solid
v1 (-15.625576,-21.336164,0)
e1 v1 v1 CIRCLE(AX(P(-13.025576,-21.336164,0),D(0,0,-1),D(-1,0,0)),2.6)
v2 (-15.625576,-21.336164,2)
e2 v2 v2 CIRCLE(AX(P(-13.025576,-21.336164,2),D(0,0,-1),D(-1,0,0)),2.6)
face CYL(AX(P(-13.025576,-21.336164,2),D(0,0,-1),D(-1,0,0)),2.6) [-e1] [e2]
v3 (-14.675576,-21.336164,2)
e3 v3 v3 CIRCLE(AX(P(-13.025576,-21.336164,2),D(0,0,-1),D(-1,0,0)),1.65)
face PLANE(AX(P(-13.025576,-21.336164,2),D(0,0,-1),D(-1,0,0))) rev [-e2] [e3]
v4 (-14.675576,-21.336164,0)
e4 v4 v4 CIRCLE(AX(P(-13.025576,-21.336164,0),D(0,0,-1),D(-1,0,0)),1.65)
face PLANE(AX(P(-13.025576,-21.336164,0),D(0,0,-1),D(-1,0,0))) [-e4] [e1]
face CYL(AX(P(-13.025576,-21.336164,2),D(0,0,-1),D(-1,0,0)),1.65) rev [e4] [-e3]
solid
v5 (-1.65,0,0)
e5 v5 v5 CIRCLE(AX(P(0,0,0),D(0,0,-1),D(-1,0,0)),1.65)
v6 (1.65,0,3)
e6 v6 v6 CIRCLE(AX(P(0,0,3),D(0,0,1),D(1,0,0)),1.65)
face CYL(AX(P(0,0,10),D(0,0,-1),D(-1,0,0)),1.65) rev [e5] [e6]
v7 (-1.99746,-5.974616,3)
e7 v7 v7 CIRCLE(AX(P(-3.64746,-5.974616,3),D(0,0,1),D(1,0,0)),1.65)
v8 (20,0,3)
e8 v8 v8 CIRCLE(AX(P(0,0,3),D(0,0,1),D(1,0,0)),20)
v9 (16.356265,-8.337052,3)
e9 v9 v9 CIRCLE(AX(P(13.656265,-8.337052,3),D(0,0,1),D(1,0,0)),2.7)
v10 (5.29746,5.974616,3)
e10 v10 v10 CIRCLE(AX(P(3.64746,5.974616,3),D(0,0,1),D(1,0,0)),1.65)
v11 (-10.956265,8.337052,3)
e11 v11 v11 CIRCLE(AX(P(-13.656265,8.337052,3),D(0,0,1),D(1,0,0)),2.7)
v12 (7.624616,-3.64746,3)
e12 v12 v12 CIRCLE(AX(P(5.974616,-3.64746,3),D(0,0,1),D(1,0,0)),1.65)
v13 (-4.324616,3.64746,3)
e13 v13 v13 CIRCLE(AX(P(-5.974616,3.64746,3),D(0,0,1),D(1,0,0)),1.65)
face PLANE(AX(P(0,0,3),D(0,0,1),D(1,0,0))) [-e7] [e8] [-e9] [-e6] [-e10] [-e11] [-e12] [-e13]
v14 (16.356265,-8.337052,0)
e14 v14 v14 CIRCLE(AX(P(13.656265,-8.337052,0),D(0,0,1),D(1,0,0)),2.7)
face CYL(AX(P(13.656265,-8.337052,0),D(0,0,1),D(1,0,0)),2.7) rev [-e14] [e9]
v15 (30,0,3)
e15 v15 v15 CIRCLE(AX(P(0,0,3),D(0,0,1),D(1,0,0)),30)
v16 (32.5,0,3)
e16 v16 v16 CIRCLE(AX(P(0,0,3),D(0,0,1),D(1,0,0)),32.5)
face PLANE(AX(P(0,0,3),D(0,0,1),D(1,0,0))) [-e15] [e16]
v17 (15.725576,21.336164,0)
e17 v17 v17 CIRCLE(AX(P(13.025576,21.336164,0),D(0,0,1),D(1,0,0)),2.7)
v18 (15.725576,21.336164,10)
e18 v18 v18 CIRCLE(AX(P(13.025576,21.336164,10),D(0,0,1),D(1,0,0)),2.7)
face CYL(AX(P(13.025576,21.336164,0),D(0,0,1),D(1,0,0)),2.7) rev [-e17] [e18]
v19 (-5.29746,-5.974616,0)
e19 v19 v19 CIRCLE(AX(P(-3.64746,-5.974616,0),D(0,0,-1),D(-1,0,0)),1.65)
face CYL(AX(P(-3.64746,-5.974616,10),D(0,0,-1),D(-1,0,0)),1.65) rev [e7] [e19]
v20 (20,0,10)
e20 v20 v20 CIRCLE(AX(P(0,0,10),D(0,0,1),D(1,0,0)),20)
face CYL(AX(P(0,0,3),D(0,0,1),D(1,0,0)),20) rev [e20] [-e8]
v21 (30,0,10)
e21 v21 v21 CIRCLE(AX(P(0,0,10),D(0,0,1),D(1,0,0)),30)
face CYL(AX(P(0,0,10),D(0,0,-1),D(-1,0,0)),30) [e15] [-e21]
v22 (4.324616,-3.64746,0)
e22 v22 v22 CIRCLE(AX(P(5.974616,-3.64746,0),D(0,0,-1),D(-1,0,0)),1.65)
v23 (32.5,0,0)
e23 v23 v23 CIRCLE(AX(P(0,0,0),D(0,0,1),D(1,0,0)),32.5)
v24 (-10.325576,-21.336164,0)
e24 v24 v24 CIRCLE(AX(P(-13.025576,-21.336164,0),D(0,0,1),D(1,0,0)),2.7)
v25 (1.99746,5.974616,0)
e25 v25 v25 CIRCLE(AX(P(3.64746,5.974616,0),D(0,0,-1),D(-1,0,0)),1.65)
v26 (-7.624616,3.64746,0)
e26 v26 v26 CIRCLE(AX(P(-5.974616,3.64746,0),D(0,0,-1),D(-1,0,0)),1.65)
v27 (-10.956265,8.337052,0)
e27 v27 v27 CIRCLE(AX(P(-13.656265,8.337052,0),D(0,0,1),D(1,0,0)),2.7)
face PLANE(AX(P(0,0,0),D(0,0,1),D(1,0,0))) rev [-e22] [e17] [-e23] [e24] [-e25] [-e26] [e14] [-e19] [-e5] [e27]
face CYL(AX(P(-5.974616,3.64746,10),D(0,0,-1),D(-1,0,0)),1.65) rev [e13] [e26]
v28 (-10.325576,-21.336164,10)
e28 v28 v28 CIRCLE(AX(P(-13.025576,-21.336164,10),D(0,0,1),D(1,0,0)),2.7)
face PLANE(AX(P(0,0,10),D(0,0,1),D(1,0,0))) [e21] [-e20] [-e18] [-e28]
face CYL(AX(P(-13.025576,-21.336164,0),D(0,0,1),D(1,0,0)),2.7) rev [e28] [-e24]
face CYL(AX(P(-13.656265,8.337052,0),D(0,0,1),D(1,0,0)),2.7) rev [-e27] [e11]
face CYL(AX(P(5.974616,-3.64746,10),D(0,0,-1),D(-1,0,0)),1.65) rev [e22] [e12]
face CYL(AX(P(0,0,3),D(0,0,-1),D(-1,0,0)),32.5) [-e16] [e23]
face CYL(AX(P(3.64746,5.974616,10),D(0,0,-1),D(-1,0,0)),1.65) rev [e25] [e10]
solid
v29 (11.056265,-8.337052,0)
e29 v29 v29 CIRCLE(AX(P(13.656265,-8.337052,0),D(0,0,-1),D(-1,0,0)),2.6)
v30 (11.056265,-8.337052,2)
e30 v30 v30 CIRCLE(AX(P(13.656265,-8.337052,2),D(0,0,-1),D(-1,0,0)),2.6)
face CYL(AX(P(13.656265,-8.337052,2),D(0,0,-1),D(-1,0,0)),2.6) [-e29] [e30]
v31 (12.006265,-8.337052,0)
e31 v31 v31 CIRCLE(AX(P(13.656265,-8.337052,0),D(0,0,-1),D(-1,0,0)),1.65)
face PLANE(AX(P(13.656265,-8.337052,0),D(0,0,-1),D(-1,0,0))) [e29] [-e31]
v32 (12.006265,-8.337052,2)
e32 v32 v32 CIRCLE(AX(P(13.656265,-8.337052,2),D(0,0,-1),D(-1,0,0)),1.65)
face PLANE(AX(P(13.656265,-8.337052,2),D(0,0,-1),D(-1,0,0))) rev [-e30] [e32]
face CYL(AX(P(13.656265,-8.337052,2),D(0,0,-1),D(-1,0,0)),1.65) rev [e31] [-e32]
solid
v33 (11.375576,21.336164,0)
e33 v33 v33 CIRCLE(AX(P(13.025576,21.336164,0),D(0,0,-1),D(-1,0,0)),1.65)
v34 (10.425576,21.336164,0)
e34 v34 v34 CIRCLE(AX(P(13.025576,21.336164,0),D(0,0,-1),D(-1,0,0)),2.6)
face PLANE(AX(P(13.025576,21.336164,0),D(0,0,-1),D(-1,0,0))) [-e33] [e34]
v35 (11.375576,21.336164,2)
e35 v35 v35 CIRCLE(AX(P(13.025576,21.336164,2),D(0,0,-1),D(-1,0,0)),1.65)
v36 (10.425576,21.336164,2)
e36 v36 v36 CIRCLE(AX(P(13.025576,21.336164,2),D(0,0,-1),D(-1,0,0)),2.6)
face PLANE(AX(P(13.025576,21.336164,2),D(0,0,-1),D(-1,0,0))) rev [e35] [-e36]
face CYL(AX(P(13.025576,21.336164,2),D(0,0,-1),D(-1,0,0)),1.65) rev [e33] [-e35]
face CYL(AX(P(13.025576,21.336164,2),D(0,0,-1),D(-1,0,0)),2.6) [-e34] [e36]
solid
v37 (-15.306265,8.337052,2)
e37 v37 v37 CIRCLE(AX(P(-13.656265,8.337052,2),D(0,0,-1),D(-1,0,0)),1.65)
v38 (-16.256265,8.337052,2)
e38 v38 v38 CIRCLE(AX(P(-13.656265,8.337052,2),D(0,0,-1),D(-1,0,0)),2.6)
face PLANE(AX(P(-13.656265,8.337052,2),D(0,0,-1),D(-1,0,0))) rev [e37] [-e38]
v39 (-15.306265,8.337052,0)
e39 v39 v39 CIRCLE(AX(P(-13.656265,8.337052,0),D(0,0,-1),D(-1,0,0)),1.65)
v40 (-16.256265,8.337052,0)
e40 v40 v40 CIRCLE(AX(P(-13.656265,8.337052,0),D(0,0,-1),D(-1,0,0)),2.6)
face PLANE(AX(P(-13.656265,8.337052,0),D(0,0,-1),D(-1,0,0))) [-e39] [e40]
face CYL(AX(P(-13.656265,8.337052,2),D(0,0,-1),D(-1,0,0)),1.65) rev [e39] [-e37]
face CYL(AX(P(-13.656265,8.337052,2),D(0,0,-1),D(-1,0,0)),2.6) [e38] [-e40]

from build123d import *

# Parameters (mm, degrees)
SKETCH_1_R          = 32.5
EXTRUDE_1_DEPTH     = 3
SKETCH_2_R          = 30
EXTRUDE_2_DEPTH     = 7
SKETCH_3_R          = 20
CUT_EXTRUDE_2_DEPTH = 7
SKETCH_4_R          = 2.7
CUT_EXTRUDE_3_DEPTH = 10
SKETCH_5_R          = 2.6
SKETCH_5_R_2        = 1.65
EXTRUDE_3_DEPTH     = 2
EXTRUDE_3_2_DEPTH   = 2
EXTRUDE_3_3_DEPTH   = 2
EXTRUDE_3_4_DEPTH   = 2
SKETCH_6_R          = 1.65
CUT_EXTRUDE_4_DEPTH = 10


with BuildPart() as part:
    # 草图1 → 凸台-拉伸1 (new body)
    with BuildSketch(Plane.XY):
        Circle(SKETCH_1_R)
    extrude(amount=EXTRUDE_1_DEPTH)

    # 草图2 → 凸台-拉伸2 (add)
    with BuildSketch(Plane.XY.offset(3)):
        Circle(SKETCH_2_R)
    extrude(amount=EXTRUDE_2_DEPTH)

    # 草图3 → 切除-拉伸2 (cut)
    with BuildSketch(Plane.XY.offset(10)):
        Circle(SKETCH_3_R)
    extrude(amount=-CUT_EXTRUDE_2_DEPTH, mode=Mode.SUBTRACT)

    # 草图4 → 切除-拉伸3 (cut)
    with BuildSketch(Plane.XY.offset(10)):
        with Locations((-13.025575957, -21.336163787)):
            Circle(SKETCH_4_R)
        with Locations((13.025575957, 21.336163787)):
            Circle(SKETCH_4_R)
        with Locations((13.656264529, -8.337052184)):
            Circle(SKETCH_4_R)
        with Locations((-13.656264529, 8.337052184)):
            Circle(SKETCH_4_R)
    extrude(amount=-CUT_EXTRUDE_3_DEPTH, mode=Mode.SUBTRACT)

    # 草图6 → 切除-拉伸4 (cut)
    with BuildSketch(Plane(origin=(0, 0, 0), x_dir=(-1, 0, 0), z_dir=(0, 0, -1))):
        Circle(SKETCH_6_R)
        with Locations((5.974615731, 3.647460331)):
            Circle(SKETCH_6_R)
        with Locations((3.647460331, -5.974615731)):
            Circle(SKETCH_6_R)
        with Locations((-5.974615731, -3.647460331)):
            Circle(SKETCH_6_R)
        with Locations((-3.647460331, 5.974615731)):
            Circle(SKETCH_6_R)
    extrude(amount=-CUT_EXTRUDE_4_DEPTH, mode=Mode.SUBTRACT)


with BuildPart() as body_2:
    # 草图5 → 凸台-拉伸3 (new body)
    with BuildSketch(Plane(origin=(0, 0, 0), x_dir=(-1, 0, 0), z_dir=(0, 0, -1))):
        with Locations((13.025575957, -21.336163787)):
            Circle(SKETCH_5_R)
        with Locations((13.025575957, -21.336163787)):
            Circle(SKETCH_5_R_2, mode=Mode.SUBTRACT)
    extrude(amount=-EXTRUDE_3_DEPTH)


with BuildPart() as body_3:
    # 草图5 → Extrude 3 2 (new body)
    with BuildSketch(Plane(origin=(0, 0, 0), x_dir=(-1, 0, 0), z_dir=(0, 0, -1))):
        with Locations((-13.025575957, 21.336163787)):
            Circle(SKETCH_5_R)
        with Locations((-13.025575957, 21.336163787)):
            Circle(SKETCH_5_R_2, mode=Mode.SUBTRACT)
    extrude(amount=-EXTRUDE_3_2_DEPTH)


with BuildPart() as body_4:
    # 草图5 → Extrude 3 3 (new body)
    with BuildSketch(Plane(origin=(0, 0, 0), x_dir=(-1, 0, 0), z_dir=(0, 0, -1))):
        with Locations((-13.656264529, -8.337052184)):
            Circle(SKETCH_5_R)
        with Locations((-13.656264529, -8.337052184)):
            Circle(SKETCH_5_R_2, mode=Mode.SUBTRACT)
    extrude(amount=-EXTRUDE_3_3_DEPTH)


with BuildPart() as body_5:
    # 草图5 → Extrude 3 4 (new body)
    with BuildSketch(Plane(origin=(0, 0, 0), x_dir=(-1, 0, 0), z_dir=(0, 0, -1))):
        with Locations((13.656264529, 8.337052184)):
            Circle(SKETCH_5_R)
        with Locations((13.656264529, 8.337052184)):
            Circle(SKETCH_5_R_2, mode=Mode.SUBTRACT)
    extrude(amount=-EXTRUDE_3_4_DEPTH)


solid = Compound([part.part, body_2.part, body_3.part, body_4.part, body_5.part])
